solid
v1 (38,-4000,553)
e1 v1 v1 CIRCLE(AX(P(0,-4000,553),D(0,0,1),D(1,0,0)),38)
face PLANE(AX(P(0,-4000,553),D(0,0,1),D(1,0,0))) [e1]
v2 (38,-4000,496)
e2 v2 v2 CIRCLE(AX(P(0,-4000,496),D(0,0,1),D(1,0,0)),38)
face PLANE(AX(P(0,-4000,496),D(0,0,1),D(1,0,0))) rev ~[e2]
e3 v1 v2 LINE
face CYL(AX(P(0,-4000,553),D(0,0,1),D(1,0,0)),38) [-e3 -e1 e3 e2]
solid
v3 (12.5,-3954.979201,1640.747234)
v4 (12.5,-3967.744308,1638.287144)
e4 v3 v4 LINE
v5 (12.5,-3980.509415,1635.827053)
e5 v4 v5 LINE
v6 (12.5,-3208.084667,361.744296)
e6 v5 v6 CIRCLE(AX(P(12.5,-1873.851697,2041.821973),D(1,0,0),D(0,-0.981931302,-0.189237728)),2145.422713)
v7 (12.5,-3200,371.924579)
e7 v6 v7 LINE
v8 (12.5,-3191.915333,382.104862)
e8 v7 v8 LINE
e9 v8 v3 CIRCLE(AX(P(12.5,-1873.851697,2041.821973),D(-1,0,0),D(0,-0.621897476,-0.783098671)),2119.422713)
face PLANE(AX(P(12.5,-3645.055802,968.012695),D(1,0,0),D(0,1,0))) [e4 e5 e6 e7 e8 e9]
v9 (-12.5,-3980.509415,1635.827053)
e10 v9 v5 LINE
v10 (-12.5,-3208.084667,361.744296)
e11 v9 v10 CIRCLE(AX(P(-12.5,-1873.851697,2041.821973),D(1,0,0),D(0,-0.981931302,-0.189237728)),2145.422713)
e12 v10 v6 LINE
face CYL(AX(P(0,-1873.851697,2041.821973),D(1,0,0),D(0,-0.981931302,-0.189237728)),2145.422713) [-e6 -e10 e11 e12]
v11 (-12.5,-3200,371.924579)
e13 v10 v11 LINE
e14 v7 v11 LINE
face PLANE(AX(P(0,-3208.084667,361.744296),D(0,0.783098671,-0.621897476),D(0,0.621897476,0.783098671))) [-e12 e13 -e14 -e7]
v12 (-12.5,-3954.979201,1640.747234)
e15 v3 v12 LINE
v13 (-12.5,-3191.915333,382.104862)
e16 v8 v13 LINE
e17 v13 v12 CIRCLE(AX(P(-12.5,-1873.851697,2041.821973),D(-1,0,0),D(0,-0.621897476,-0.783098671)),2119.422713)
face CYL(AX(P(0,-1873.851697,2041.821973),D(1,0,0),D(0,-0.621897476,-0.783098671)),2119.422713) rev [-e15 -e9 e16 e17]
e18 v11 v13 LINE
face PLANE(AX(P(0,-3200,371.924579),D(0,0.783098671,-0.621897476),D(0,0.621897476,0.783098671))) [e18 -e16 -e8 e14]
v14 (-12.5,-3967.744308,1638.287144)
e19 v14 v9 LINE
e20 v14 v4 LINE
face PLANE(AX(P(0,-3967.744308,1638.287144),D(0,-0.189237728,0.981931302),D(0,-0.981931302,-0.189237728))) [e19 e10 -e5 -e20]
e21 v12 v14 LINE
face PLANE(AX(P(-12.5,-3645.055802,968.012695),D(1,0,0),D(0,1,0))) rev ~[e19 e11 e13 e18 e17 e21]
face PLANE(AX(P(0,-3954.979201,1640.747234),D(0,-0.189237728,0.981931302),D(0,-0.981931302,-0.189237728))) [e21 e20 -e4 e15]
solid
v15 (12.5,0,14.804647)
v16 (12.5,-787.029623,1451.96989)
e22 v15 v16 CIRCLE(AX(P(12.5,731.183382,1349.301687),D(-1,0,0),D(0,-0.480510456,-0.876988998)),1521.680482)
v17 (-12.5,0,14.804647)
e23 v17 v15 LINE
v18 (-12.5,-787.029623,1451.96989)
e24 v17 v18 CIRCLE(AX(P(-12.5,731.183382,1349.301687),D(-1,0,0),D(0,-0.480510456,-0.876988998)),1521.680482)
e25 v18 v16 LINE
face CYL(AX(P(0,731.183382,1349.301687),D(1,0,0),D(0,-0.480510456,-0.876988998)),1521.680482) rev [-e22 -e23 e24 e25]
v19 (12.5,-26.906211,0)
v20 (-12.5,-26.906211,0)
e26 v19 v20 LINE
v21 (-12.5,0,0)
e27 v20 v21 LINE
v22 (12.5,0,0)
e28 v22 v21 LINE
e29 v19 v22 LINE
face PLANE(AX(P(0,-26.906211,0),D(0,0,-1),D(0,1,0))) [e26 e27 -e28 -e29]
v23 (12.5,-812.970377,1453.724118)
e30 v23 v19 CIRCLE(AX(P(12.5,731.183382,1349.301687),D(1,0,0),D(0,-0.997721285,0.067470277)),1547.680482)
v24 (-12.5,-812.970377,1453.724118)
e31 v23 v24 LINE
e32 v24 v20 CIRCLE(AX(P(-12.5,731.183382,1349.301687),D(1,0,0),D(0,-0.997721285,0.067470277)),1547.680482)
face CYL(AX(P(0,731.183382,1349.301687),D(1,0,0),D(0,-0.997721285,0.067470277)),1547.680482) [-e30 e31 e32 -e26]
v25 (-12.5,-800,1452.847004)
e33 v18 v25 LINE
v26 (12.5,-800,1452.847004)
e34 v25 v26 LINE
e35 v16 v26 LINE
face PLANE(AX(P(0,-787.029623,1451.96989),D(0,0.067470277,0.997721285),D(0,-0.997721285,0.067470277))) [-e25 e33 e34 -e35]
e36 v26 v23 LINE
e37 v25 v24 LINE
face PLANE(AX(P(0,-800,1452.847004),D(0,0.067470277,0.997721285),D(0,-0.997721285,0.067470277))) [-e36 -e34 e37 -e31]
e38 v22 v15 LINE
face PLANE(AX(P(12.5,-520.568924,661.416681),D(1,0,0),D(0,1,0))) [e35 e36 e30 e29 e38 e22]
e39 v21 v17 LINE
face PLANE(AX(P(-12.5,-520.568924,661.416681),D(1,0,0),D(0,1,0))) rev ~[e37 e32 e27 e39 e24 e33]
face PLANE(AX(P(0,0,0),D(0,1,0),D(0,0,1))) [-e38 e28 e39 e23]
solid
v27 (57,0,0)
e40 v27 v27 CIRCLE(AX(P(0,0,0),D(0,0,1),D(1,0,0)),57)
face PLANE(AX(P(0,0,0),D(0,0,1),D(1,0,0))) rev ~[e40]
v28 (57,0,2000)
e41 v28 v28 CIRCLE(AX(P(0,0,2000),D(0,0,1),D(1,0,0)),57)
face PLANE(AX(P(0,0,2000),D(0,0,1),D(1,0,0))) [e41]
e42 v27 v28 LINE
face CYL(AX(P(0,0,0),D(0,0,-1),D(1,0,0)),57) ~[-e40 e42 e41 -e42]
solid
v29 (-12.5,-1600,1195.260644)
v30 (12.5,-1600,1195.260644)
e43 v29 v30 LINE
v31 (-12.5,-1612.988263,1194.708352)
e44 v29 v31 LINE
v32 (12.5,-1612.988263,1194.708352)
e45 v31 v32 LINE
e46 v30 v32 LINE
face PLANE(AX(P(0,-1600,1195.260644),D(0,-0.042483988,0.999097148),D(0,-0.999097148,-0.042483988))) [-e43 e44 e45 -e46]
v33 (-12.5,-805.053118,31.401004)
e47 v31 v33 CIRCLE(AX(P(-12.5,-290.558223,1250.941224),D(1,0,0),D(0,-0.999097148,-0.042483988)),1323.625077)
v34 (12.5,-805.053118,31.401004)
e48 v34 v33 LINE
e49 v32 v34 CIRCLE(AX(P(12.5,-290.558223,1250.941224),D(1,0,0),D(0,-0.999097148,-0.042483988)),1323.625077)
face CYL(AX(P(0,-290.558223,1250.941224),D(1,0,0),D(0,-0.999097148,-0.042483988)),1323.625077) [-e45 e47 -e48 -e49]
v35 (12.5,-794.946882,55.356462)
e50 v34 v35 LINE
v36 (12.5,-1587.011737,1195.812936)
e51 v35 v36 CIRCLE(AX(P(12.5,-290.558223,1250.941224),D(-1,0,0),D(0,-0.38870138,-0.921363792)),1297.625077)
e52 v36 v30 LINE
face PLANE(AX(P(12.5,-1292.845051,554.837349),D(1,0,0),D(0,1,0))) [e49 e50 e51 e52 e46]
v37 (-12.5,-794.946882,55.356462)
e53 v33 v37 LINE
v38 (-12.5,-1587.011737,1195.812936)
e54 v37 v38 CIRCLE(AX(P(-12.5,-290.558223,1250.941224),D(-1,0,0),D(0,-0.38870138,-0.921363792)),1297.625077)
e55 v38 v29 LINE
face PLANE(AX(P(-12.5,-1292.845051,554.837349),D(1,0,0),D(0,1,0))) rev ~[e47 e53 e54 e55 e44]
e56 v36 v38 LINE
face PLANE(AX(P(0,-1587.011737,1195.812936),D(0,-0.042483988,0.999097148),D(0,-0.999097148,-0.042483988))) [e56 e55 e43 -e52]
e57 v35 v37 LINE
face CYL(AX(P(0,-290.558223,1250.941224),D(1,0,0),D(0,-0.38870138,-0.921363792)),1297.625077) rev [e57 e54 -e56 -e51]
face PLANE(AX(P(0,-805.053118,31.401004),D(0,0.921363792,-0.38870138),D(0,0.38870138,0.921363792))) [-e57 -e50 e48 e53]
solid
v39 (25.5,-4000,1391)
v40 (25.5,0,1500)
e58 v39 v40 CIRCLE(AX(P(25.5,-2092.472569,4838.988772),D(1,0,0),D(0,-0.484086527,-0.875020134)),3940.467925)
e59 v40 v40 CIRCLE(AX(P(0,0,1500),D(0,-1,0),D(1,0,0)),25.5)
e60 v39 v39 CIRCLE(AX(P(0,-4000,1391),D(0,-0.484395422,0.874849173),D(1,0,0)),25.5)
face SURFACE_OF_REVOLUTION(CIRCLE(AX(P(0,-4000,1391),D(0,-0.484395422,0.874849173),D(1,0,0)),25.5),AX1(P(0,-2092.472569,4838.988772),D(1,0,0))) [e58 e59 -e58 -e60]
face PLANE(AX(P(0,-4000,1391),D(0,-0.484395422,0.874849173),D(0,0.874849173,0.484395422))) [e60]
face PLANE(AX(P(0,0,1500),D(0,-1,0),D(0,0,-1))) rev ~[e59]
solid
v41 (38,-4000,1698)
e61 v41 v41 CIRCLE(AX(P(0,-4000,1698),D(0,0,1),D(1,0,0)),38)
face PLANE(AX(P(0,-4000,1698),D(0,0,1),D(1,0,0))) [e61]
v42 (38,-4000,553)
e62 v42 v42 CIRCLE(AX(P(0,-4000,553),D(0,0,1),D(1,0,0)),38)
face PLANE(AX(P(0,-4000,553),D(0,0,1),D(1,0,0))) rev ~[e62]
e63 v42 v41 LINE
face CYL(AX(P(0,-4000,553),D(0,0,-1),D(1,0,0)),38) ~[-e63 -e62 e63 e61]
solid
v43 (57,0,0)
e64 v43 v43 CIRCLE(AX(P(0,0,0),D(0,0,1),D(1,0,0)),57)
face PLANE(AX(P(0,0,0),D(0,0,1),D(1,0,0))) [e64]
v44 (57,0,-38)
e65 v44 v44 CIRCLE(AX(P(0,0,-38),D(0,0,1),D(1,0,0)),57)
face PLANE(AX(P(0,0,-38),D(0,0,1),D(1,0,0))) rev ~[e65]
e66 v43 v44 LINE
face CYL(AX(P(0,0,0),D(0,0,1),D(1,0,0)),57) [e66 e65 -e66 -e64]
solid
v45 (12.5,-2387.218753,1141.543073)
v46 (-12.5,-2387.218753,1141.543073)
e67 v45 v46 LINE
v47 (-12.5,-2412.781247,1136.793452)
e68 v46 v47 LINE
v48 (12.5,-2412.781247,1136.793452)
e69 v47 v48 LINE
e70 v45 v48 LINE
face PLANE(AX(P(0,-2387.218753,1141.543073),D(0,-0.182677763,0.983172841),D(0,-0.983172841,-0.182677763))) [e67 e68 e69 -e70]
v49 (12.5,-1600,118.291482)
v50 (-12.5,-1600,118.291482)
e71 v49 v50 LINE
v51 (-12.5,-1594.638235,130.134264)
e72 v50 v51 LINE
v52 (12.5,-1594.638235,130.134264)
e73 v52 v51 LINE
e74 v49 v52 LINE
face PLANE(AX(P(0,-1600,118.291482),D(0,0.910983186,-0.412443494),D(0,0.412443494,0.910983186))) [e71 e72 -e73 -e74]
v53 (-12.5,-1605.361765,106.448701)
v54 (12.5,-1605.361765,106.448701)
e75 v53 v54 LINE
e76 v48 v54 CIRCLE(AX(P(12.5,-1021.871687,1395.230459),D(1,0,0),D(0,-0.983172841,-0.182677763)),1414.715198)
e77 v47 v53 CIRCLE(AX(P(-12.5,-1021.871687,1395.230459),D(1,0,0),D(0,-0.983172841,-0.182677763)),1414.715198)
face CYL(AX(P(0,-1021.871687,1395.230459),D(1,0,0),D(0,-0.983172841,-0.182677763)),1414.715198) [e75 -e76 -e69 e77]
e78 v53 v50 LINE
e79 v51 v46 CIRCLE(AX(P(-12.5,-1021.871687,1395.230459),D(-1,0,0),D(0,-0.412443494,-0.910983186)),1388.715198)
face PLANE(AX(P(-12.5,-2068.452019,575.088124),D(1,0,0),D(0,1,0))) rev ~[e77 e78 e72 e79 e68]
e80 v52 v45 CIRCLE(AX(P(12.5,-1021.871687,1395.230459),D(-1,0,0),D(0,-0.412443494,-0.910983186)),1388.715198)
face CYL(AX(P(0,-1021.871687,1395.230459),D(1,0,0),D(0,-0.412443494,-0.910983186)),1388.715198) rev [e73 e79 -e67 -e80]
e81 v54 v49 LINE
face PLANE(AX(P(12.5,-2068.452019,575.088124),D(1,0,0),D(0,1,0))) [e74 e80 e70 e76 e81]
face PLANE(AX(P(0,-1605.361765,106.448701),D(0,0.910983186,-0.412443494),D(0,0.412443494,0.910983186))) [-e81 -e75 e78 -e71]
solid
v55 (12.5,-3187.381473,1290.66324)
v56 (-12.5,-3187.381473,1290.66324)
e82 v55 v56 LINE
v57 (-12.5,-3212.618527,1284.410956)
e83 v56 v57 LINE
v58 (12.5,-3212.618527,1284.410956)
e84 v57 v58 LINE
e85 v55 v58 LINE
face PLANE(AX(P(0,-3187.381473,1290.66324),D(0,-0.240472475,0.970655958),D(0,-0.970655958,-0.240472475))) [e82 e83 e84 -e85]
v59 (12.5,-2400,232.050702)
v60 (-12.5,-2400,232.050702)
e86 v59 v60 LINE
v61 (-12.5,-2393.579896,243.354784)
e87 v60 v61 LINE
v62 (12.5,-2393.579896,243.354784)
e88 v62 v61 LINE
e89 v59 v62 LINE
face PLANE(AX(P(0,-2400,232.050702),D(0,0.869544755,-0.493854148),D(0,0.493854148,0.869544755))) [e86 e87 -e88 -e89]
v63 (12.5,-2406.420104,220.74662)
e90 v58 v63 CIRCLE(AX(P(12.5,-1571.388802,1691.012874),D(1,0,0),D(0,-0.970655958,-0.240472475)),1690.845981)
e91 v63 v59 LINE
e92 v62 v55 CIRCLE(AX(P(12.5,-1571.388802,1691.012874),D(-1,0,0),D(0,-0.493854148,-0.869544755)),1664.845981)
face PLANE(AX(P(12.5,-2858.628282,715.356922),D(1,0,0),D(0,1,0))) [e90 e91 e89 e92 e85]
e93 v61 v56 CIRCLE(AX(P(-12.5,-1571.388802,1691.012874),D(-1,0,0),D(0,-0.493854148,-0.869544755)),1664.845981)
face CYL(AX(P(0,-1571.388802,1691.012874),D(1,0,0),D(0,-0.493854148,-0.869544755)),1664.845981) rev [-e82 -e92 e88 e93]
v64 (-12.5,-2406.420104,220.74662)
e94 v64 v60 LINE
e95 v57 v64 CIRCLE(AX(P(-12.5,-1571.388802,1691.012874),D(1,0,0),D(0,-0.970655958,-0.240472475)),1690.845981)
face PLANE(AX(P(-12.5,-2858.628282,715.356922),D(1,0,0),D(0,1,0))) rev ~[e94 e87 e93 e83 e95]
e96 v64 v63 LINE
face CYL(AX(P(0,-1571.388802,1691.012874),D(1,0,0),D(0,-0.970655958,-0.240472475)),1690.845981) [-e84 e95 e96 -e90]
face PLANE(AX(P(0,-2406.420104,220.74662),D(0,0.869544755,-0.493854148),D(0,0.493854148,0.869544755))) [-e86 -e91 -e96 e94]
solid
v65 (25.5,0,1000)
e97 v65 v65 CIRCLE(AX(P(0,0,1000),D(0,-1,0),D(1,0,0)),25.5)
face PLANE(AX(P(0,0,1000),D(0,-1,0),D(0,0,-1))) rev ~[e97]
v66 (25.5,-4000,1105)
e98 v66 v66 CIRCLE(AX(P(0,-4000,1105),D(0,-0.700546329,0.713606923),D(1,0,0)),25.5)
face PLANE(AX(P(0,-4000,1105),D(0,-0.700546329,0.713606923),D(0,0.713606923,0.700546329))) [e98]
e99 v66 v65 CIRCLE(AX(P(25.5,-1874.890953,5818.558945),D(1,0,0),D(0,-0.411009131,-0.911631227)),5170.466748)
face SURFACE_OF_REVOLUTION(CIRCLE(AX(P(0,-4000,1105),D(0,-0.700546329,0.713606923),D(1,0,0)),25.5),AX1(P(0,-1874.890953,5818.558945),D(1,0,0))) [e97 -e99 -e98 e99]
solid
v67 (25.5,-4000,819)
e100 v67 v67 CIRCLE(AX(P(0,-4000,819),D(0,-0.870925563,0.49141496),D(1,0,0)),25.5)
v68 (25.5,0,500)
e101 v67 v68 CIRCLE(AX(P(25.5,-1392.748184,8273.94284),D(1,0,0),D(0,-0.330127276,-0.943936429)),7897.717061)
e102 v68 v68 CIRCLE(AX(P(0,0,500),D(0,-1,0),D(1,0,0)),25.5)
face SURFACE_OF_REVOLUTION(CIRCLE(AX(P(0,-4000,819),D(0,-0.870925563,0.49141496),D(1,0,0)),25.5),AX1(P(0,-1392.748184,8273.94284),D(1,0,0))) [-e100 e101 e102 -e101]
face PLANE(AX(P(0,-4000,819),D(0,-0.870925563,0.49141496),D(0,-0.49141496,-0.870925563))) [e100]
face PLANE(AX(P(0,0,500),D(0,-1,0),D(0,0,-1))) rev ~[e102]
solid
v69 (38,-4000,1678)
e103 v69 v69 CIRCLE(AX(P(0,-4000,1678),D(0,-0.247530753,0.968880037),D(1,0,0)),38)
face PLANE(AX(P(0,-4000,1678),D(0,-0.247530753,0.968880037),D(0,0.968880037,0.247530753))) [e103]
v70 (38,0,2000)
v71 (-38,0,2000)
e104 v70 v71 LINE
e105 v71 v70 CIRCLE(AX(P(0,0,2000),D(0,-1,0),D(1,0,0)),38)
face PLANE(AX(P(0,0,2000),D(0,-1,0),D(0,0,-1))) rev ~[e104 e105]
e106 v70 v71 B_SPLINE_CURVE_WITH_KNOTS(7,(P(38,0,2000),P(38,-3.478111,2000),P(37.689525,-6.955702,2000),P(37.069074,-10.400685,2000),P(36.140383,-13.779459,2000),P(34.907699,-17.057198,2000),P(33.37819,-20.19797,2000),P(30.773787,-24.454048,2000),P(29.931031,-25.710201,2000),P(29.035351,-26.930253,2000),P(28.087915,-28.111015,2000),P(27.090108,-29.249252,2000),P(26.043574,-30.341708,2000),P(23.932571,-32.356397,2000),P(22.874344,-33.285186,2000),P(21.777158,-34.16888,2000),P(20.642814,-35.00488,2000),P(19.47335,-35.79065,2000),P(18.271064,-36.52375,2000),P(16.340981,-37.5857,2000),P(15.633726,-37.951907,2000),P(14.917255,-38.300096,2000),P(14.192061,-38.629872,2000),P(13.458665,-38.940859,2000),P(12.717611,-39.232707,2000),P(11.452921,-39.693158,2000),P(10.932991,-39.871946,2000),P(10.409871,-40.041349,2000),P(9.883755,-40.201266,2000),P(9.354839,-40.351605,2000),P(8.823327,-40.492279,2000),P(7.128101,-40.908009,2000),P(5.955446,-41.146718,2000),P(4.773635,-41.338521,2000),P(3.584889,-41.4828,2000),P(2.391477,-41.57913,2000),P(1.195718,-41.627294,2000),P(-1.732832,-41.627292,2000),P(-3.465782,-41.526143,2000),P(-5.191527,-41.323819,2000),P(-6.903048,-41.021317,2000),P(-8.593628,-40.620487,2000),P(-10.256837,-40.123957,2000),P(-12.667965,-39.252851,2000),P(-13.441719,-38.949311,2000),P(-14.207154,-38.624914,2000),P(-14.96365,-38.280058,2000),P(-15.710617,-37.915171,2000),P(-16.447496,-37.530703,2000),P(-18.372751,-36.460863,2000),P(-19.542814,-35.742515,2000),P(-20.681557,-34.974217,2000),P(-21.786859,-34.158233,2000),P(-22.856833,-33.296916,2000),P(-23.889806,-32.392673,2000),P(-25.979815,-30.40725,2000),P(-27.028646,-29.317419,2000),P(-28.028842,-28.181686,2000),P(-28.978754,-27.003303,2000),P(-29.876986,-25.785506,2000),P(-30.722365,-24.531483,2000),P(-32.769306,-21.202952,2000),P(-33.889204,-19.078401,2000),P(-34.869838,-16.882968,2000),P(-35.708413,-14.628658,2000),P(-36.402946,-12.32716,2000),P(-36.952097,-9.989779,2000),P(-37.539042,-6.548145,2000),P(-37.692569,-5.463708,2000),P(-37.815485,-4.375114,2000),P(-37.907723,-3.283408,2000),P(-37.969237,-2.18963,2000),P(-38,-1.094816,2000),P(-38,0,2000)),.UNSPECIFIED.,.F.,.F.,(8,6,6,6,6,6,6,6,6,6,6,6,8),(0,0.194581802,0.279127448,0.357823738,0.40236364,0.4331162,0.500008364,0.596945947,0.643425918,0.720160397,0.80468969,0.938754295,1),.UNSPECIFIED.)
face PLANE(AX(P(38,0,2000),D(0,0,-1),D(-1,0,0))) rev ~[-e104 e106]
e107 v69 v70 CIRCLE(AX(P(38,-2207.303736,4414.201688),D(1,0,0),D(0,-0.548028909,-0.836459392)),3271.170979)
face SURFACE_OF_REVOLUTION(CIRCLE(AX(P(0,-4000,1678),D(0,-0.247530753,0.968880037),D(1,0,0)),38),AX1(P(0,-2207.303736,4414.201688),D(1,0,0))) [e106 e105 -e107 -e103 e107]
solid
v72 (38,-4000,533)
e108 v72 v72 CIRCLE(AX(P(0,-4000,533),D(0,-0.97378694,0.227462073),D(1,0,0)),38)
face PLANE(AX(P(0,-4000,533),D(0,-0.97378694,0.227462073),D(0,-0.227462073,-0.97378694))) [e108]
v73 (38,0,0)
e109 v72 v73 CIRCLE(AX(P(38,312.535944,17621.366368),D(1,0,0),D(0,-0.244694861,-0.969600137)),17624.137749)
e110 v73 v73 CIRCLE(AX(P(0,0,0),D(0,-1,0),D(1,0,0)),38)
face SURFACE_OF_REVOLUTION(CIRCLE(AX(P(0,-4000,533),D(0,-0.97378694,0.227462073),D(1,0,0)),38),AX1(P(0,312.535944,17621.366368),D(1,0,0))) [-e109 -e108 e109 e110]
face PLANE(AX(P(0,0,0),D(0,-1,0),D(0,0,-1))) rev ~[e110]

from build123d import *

# Parameters (mm, degrees)
F1_R      = 38
F1_R_2    = 25.5
F7_R      = 57
F8_DEPTH  = 2000
F10_R     = 38
F11_DEPTH = 1145
F13_DEPTH = 50
F14_DEPTH = 38
F15_DEPTH = 57
F17_DEPTH = 12.5


with BuildPart() as f2:
    # F2: sweep along a path in F0
    with BuildLine(Plane.YZ) as f2_path:
        ThreePointArc((-4000, 533.0000000002), (-2015.3052753069, 151.6386468524), (0, 2e-10))
    # F1 (on Front) → F2 (sweep)
    with BuildSketch(Plane.XZ):
        Circle(F1_R)
    sweep(path=f2_path.line)


with BuildPart() as f3:
    # F3: sweep along a path in F0
    with BuildLine(Plane.YZ) as f3_path:
        ThreePointArc((-4000, 819), (-2020.5977026073, 401.2215974005), (0, 500))
    # F1 (on Front) → F3 (sweep)
    with BuildSketch(Plane.XZ):
        with Locations((0, 500)):
            Circle(F1_R_2)
    sweep(path=f3_path.line)


with BuildPart() as f4:
    # F4: sweep along a path in F0
    with BuildLine(Plane.YZ) as f4_path:
        ThreePointArc((-4000, 1105), (-2010.5689675587, 649.8726644314), (0, 1000))
    # F1 (on Front) → F4 (sweep)
    with BuildSketch(Plane.XZ):
        with Locations((0, 1000)):
            Circle(F1_R_2)
    sweep(path=f4_path.line)


with BuildPart() as f5:
    # F5: sweep along a path in F0
    with BuildLine(Plane.YZ) as f5_path:
        ThreePointArc((-4000, 1391), (-1985.1346632227, 899.9830540436), (0, 1500))
    # F1 (on Front) → F5 (sweep)
    with BuildSketch(Plane.XZ):
        with Locations((0, 1500)):
            Circle(F1_R_2)
    sweep(path=f5_path.line)


with BuildPart() as f6:
    # F6: sweep along a path in F0
    with BuildLine(Plane.YZ) as f6_path:
        ThreePointArc((-4000, 1678), (-1944.8235672753, 1153.5784754692), (0, 2000))
    # F1 (on Front) → F6 (sweep)
    with BuildSketch(Plane.XZ):
        with Locations((0, 2000)):
            Circle(F1_R)
    sweep(path=f6_path.line)

    # F12 (on face) → F13 (cut)
    with BuildSketch(Plane(origin=(0, 0, 0), x_dir=(-1, 0, 0), z_dir=(0, 1, 0))):
        with BuildLine():
            Line((-38, 2000), (38, 2000))
            ThreePointArc((38, 2000), (0, 2038), (-38, 2000))
        make_face()
    extrude(amount=-F13_DEPTH, mode=Mode.SUBTRACT)


with BuildPart() as f8:
    # F7 (on Top) → F8 (new body)
    with BuildSketch(Plane.XY):
        Circle(F7_R)
    extrude(amount=F8_DEPTH)


with BuildPart() as f11:
    # F10 (on offset) → F11 (new body)
    with BuildSketch(Plane.XY.offset(553)):
        with Locations((0, -4000)):
            Circle(F10_R)
    extrude(amount=F11_DEPTH)


with BuildPart() as f14:
    # F14 (new): a face of the model
    f14_faces = [f8.part.faces().sort_by_distance(p)[0] for p in [
        (0, 0, 0),
    ]]
    extrude(f14_faces, amount=F14_DEPTH)


with BuildPart() as f15:
    # F15 (new): a face of the model
    f15_faces = [f11.part.faces().sort_by_distance(p)[0] for p in [
        (0, -4000, 553),
    ]]
    extrude(f15_faces, amount=F15_DEPTH)


with BuildPart() as f17:
    # F16 (on Right) → F17 (new body, symmetric)
    with BuildSketch(Plane.YZ):
        with BuildLine():
            ThreePointArc((-800, 1452.8470039368), (-613.1629082012, 609.0468435186), (0, 0))
            Line((0, 0), (0, 14.8046469047))
            ThreePointArc((0, 14.8046469047), (-603.4727576431, 618.4087552625), (-787.0296233, 1451.9698903414))
            Line((-787.0296233, 1451.9698903414), (-800, 1452.8470039368))
        make_face()
        with BuildLine():
            Line((-26.9062107587, 0), (0, 0))
            ThreePointArc((0, 0), (-613.1629082012, 609.0468435186), (-800, 1452.8470039368))
            Line((-800, 1452.8470039368), (-812.9703767, 1453.7241175321))
            ThreePointArc((-812.9703767, 1453.7241175321), (-630.2164728771, 613.1595071512), (-26.9062107586, 0))
        make_face()
    extrude(amount=F17_DEPTH, both=True)


with BuildPart() as f17b:
    # F16 (on Right) → F17, piece 2 (new body, symmetric)
    with BuildSketch(Plane.YZ):
        with BuildLine():
            Line((-1587.0117370785, 1195.8129358041), (-1600, 1195.260643959))
            ThreePointArc((-1600, 1195.260643959), (-1367.0303917029, 503.314469502), (-800, 43.3787330985))
            Line((-800, 43.3787330985), (-794.9468820556, 55.3564623925))
            ThreePointArc((-794.9468820556, 55.3564623925), (-1356.3529383028, 510.7301278604), (-1587.0117370785, 1195.8129358041))
        make_face()
        with BuildLine():
            ThreePointArc((-800, 43.3787330985), (-1367.0303917029, 503.314469502), (-1600, 1195.260643959))
            Line((-1600, 1195.260643959), (-1612.9882629215, 1194.708352114))
            ThreePointArc((-1612.9882629215, 1194.708352114), (-1377.7078451031, 495.8988111437), (-805.0531179444, 31.4010038045))
            Line((-805.0531179444, 31.4010038045), (-800, 43.3787330985))
        make_face()
    extrude(amount=F17_DEPTH, both=True)


with BuildPart() as f17c:
    # F16 (on Right) → F17, piece 3 (new body, symmetric)
    with BuildSketch(Plane.YZ):
        with BuildLine():
            Line((-2387.218753069, 1141.543073398), (-2400, 1139.1682624817))
            ThreePointArc((-2400, 1139.1682624817), (-2125.1768789729, 530.636248253), (-1600, 118.2914823294))
            Line((-1600, 118.2914823294), (-1594.6382345822, 130.1342637427))
            ThreePointArc((-1594.6382345822, 130.1342637427), (-2114.9444383743, 538.6547992065), (-2387.218753069, 1141.543073398))
        make_face()
        with BuildLine():
            ThreePointArc((-1600, 118.2914823294), (-2125.1768789729, 530.636248253), (-2400, 1139.1682624817))
            Line((-2400, 1139.1682624817), (-2412.781246931, 1136.7934515654))
            ThreePointArc((-2412.781246931, 1136.7934515654), (-2135.4093195716, 522.6176972994), (-1605.3617654178, 106.448700916))
            Line((-1605.3617654178, 106.448700916), (-1600, 118.2914823294))
        make_face()
    extrude(amount=F17_DEPTH, both=True)


with BuildPart() as f17d:
    # F16 (on Right) → F17, piece 4 (new body, symmetric)
    with BuildSketch(Plane.YZ):
        with BuildLine():
            Line((-3187.3814725463, 1290.6632401064), (-3200, 1287.5370979309))
            ThreePointArc((-3200, 1287.5370979309), (-2908.5493603625, 677.5195204608), (-2400, 232.0507019758))
            Line((-2400, 232.0507019758), (-2393.5798960711, 243.3547837847))
            ThreePointArc((-2393.5798960711, 243.3547837847), (-2898.1890010351, 685.3720967647), (-3187.3814725463, 1290.6632401064))
        make_face()
        with BuildLine():
            ThreePointArc((-2400, 232.0507019758), (-2908.5493603625, 677.5195204608), (-3200, 1287.5370979309))
            Line((-3200, 1287.5370979309), (-3212.6185274537, 1284.4109557554))
            ThreePointArc((-3212.6185274537, 1284.4109557554), (-2918.9097196899, 669.666944157), (-2406.4201039289, 220.746620167))
            Line((-2406.4201039289, 220.746620167), (-2400, 232.0507019758))
        make_face()
    extrude(amount=F17_DEPTH, both=True)


with BuildPart() as f17e:
    # F16 (on Right) → F17, piece 5 (new body, symmetric)
    with BuildSketch(Plane.YZ):
        with BuildLine():
            Line((-3954.9792014421, 1640.7472341974), (-3967.7443083716, 1638.287143736))
            ThreePointArc((-3967.7443083716, 1638.287143736), (-3697.3342168495, 936.3184104666), (-3200, 371.9245791435))
            Line((-3200, 371.9245791435), (-3191.9153328107, 382.1048618723))
            ThreePointArc((-3191.9153328107, 382.1048618723), (-3686.2176250893, 943.0579495931), (-3954.9792014421, 1640.7472341974))
        make_face()
        with BuildLine():
            ThreePointArc((-3200, 371.9245791435), (-3697.3342168495, 936.3184104666), (-3967.7443083716, 1638.287143736))
            Line((-3967.7443083716, 1638.287143736), (-3980.5094153011, 1635.8270532745))
            ThreePointArc((-3980.5094153011, 1635.8270532745), (-3708.4508086096, 929.5788713401), (-3208.0846671893, 361.7442964148))
            Line((-3208.0846671893, 361.7442964148), (-3200, 371.9245791435))
        make_face()
    extrude(amount=F17_DEPTH, both=True)


solid = Compound([f2.part, f3.part, f4.part, f5.part, f6.part, f8.part, f11.part, f14.part, f15.part, f17.part, f17b.part, f17c.part, f17d.part, f17e.part])
